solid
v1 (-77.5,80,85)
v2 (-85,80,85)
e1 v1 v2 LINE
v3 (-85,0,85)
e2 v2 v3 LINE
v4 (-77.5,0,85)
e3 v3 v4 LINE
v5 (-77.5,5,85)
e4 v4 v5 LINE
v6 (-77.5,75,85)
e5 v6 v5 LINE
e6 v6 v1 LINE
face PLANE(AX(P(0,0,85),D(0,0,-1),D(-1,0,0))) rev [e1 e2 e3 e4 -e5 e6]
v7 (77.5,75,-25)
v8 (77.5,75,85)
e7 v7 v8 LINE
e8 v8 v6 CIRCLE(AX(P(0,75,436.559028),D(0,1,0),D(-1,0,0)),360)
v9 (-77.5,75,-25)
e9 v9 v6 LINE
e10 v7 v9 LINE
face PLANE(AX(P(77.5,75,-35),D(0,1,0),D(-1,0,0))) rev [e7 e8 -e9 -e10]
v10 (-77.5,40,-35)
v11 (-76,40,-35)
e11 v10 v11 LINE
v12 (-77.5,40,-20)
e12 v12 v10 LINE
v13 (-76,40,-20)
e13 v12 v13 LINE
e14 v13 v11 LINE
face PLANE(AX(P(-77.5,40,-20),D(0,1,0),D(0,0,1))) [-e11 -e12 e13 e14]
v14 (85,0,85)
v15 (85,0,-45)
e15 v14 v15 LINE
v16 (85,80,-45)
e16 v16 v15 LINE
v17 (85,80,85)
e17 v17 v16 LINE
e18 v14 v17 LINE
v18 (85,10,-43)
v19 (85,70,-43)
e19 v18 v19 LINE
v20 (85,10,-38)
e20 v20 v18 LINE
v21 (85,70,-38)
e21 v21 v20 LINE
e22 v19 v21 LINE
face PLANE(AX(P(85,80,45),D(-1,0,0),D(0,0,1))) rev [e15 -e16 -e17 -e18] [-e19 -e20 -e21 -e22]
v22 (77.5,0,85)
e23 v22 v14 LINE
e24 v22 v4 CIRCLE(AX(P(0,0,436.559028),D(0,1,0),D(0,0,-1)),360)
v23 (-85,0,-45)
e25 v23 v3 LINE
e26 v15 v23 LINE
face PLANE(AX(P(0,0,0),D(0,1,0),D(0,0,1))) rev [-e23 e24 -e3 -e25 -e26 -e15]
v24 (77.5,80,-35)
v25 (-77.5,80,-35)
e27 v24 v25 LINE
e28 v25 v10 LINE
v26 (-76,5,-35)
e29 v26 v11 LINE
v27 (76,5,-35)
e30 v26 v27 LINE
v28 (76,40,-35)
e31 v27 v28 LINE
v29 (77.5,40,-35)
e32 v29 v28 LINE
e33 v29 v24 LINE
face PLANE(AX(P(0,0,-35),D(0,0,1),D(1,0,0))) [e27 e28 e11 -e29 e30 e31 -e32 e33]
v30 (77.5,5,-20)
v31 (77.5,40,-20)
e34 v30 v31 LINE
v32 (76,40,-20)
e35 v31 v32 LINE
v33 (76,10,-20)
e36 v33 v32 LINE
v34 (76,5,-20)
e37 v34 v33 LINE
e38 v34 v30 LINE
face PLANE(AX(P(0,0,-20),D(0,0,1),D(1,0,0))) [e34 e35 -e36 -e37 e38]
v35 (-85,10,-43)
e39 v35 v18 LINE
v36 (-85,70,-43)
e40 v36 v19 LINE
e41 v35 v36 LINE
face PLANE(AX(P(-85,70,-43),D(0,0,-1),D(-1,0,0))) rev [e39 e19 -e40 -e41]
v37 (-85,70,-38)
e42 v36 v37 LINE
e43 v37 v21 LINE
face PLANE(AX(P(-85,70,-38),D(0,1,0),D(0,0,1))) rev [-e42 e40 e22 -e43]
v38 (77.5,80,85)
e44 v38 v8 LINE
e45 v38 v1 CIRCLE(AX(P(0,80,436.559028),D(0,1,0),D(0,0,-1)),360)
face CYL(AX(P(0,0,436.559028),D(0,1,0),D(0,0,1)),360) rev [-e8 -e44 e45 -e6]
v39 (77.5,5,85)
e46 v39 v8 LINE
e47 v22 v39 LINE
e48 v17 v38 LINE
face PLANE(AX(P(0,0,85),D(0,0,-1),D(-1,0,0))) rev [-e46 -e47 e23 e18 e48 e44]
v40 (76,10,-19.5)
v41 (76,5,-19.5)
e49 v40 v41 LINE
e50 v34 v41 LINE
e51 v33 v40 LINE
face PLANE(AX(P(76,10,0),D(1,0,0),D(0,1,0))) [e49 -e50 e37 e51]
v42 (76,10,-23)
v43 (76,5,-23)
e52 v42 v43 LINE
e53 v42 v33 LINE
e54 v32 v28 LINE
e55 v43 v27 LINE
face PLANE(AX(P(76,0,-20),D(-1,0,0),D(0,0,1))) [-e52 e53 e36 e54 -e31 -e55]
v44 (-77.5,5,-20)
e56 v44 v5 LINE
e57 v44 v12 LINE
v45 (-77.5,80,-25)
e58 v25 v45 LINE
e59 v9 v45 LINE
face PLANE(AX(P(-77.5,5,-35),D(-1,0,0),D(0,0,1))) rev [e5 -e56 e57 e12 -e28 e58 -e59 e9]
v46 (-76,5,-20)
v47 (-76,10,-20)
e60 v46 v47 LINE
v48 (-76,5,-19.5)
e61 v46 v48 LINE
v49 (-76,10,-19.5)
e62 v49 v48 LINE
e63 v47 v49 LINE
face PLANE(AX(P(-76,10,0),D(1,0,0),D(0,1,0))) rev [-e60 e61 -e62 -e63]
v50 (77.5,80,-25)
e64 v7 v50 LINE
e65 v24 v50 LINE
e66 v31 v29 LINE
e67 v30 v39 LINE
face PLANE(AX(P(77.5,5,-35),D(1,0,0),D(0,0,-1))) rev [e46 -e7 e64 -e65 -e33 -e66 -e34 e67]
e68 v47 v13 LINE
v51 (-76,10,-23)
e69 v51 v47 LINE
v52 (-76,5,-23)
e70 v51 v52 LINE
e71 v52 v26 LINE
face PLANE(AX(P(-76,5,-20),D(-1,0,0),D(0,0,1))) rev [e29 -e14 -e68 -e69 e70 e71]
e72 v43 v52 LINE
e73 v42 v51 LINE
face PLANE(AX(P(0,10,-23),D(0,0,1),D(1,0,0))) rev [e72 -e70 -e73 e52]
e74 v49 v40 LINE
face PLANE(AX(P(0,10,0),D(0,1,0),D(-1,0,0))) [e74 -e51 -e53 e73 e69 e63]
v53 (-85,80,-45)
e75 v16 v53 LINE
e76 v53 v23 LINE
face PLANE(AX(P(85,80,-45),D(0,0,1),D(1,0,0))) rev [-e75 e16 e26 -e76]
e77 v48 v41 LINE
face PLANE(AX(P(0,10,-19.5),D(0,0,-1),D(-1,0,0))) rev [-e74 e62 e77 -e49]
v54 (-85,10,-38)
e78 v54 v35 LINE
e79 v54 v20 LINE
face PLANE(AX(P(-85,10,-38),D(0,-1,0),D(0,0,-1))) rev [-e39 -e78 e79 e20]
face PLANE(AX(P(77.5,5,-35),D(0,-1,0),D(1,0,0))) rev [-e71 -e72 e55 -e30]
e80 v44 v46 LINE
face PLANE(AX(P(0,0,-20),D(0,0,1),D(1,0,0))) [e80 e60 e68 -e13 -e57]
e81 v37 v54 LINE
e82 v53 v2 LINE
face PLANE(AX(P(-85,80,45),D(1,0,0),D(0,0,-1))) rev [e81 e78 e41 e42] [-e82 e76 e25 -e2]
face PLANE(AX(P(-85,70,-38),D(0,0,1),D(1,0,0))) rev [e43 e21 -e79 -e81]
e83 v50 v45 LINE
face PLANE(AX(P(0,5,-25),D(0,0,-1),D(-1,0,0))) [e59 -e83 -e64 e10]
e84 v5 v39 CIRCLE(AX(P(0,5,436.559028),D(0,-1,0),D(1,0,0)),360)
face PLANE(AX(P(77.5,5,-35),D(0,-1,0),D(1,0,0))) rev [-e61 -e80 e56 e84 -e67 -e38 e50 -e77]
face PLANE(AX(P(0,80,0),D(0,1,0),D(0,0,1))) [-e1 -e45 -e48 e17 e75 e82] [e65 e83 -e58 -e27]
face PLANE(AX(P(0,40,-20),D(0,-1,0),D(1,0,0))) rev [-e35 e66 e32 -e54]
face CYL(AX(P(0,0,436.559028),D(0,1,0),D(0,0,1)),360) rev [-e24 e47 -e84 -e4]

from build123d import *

# Parameters (mm, degrees)
SKETCH1_W            = 170
SKETCH1_H            = 90
BOSS_EXTRUDE1_DEPTH  = 80
SKETCH3_W            = 170
SKETCH3_H            = 80
BOSS_EXTRUDE3_DEPTH  = 30
SKETCH5_W            = 155
SKETCH5_H            = 70
CUT_EXTRUDE3_DEPTH   = 110
SKETCH4_W            = 155
SKETCH4_H            = 10
CUT_EXTRUDE4_DEPTH   = 75
SKETCH6_W            = 1.5
SKETCH6_H            = 35
BOSS_EXTRUDE9_DEPTH  = 15
SKETCH7_W            = 152
SKETCH7_H            = 3.5
BOSS_EXTRUDE10_DEPTH = 5
SKETCH10_W           = 170
SKETCH10_H           = 80
SKETCH10_W_2         = 155
SKETCH10_H_2         = 70
BOSS_EXTRUDE13_DEPTH = 10
CUT_EXTRUDE5_DEPTH   = 81
SKETCH14_W           = 5
SKETCH14_H           = 60
CUT_EXTRUDE6_DEPTH   = 171


with BuildPart() as part:
    # Sketch1 → Boss-Extrude1 (new body)
    with BuildSketch(Plane(origin=(0, 0, 0), x_dir=(1, 0, 0), z_dir=(0, 1, 0))):
        Rectangle(SKETCH1_W, SKETCH1_H)
    extrude(amount=BOSS_EXTRUDE1_DEPTH)

    # Sketch3 → Boss-Extrude3 (add)
    with BuildSketch(Plane.XY.offset(45)):
        with Locations((0, 40)):
            Rectangle(SKETCH3_W, SKETCH3_H)
    extrude(amount=BOSS_EXTRUDE3_DEPTH)

    # Sketch5 → Cut-Extrude3 (cut)
    with BuildSketch(Plane.XY.offset(75)):
        with Locations((0, 40)):
            Rectangle(SKETCH5_W, SKETCH5_H)
    extrude(amount=-CUT_EXTRUDE3_DEPTH, mode=Mode.SUBTRACT)

    # Sketch4 → Cut-Extrude4 (cut)
    with BuildSketch(Plane(origin=(0, 80, 0), x_dir=(1, 0, 0), z_dir=(0, 1, 0))):
        with Locations((0, 30)):
            Rectangle(SKETCH4_W, SKETCH4_H)
    extrude(amount=-CUT_EXTRUDE4_DEPTH, mode=Mode.SUBTRACT)

    # Sketch6 → Boss-Extrude9 (add)
    with BuildSketch(Plane.XY.offset(-35)):
        with Locations((76.75, 22.5)):
            Rectangle(SKETCH6_W, SKETCH6_H)
        with Locations((-76.75, 22.5)):
            Rectangle(SKETCH6_W, SKETCH6_H)
    extrude(amount=BOSS_EXTRUDE9_DEPTH)

    # Sketch7 → Boss-Extrude10 (add)
    with BuildSketch(Plane(origin=(0, 5, 0), x_dir=(1, 0, 0), z_dir=(0, 1, 0))):
        with Locations((0, 21.25)):
            Rectangle(SKETCH7_W, SKETCH7_H)
    extrude(amount=BOSS_EXTRUDE10_DEPTH)

    # Sketch10 → Boss-Extrude13 (add)
    with BuildSketch(Plane.XY.offset(75)):
        with Locations((0, 40)):
            Rectangle(SKETCH10_W, SKETCH10_H)
        with Locations((0, 40)):
            Rectangle(SKETCH10_W_2, SKETCH10_H_2, mode=Mode.SUBTRACT)
    extrude(amount=BOSS_EXTRUDE13_DEPTH)

    # Sketch11 → Cut-Extrude5 (cut, through all)
    with BuildSketch(Plane(origin=(0, 80, 0), x_dir=(1, 0, 0), z_dir=(0, 1, 0))):
        with BuildLine():
            Line((77.5, -85), (-77.5, -85))
            ThreePointArc((-77.5, -85), (0, -76.559027761), (77.5, -85))
        make_face()
    extrude(amount=-CUT_EXTRUDE5_DEPTH, mode=Mode.SUBTRACT)

    # Sketch14 → Cut-Extrude6 (cut, through all)
    with BuildSketch(Plane(origin=(85, 0, 0), x_dir=(0, 0, -1), z_dir=(1, 0, 0))):
        with Locations((40.5, 40)):
            Rectangle(SKETCH14_W, SKETCH14_H)
    extrude(amount=-CUT_EXTRUDE6_DEPTH, mode=Mode.SUBTRACT)


solid = part.part
